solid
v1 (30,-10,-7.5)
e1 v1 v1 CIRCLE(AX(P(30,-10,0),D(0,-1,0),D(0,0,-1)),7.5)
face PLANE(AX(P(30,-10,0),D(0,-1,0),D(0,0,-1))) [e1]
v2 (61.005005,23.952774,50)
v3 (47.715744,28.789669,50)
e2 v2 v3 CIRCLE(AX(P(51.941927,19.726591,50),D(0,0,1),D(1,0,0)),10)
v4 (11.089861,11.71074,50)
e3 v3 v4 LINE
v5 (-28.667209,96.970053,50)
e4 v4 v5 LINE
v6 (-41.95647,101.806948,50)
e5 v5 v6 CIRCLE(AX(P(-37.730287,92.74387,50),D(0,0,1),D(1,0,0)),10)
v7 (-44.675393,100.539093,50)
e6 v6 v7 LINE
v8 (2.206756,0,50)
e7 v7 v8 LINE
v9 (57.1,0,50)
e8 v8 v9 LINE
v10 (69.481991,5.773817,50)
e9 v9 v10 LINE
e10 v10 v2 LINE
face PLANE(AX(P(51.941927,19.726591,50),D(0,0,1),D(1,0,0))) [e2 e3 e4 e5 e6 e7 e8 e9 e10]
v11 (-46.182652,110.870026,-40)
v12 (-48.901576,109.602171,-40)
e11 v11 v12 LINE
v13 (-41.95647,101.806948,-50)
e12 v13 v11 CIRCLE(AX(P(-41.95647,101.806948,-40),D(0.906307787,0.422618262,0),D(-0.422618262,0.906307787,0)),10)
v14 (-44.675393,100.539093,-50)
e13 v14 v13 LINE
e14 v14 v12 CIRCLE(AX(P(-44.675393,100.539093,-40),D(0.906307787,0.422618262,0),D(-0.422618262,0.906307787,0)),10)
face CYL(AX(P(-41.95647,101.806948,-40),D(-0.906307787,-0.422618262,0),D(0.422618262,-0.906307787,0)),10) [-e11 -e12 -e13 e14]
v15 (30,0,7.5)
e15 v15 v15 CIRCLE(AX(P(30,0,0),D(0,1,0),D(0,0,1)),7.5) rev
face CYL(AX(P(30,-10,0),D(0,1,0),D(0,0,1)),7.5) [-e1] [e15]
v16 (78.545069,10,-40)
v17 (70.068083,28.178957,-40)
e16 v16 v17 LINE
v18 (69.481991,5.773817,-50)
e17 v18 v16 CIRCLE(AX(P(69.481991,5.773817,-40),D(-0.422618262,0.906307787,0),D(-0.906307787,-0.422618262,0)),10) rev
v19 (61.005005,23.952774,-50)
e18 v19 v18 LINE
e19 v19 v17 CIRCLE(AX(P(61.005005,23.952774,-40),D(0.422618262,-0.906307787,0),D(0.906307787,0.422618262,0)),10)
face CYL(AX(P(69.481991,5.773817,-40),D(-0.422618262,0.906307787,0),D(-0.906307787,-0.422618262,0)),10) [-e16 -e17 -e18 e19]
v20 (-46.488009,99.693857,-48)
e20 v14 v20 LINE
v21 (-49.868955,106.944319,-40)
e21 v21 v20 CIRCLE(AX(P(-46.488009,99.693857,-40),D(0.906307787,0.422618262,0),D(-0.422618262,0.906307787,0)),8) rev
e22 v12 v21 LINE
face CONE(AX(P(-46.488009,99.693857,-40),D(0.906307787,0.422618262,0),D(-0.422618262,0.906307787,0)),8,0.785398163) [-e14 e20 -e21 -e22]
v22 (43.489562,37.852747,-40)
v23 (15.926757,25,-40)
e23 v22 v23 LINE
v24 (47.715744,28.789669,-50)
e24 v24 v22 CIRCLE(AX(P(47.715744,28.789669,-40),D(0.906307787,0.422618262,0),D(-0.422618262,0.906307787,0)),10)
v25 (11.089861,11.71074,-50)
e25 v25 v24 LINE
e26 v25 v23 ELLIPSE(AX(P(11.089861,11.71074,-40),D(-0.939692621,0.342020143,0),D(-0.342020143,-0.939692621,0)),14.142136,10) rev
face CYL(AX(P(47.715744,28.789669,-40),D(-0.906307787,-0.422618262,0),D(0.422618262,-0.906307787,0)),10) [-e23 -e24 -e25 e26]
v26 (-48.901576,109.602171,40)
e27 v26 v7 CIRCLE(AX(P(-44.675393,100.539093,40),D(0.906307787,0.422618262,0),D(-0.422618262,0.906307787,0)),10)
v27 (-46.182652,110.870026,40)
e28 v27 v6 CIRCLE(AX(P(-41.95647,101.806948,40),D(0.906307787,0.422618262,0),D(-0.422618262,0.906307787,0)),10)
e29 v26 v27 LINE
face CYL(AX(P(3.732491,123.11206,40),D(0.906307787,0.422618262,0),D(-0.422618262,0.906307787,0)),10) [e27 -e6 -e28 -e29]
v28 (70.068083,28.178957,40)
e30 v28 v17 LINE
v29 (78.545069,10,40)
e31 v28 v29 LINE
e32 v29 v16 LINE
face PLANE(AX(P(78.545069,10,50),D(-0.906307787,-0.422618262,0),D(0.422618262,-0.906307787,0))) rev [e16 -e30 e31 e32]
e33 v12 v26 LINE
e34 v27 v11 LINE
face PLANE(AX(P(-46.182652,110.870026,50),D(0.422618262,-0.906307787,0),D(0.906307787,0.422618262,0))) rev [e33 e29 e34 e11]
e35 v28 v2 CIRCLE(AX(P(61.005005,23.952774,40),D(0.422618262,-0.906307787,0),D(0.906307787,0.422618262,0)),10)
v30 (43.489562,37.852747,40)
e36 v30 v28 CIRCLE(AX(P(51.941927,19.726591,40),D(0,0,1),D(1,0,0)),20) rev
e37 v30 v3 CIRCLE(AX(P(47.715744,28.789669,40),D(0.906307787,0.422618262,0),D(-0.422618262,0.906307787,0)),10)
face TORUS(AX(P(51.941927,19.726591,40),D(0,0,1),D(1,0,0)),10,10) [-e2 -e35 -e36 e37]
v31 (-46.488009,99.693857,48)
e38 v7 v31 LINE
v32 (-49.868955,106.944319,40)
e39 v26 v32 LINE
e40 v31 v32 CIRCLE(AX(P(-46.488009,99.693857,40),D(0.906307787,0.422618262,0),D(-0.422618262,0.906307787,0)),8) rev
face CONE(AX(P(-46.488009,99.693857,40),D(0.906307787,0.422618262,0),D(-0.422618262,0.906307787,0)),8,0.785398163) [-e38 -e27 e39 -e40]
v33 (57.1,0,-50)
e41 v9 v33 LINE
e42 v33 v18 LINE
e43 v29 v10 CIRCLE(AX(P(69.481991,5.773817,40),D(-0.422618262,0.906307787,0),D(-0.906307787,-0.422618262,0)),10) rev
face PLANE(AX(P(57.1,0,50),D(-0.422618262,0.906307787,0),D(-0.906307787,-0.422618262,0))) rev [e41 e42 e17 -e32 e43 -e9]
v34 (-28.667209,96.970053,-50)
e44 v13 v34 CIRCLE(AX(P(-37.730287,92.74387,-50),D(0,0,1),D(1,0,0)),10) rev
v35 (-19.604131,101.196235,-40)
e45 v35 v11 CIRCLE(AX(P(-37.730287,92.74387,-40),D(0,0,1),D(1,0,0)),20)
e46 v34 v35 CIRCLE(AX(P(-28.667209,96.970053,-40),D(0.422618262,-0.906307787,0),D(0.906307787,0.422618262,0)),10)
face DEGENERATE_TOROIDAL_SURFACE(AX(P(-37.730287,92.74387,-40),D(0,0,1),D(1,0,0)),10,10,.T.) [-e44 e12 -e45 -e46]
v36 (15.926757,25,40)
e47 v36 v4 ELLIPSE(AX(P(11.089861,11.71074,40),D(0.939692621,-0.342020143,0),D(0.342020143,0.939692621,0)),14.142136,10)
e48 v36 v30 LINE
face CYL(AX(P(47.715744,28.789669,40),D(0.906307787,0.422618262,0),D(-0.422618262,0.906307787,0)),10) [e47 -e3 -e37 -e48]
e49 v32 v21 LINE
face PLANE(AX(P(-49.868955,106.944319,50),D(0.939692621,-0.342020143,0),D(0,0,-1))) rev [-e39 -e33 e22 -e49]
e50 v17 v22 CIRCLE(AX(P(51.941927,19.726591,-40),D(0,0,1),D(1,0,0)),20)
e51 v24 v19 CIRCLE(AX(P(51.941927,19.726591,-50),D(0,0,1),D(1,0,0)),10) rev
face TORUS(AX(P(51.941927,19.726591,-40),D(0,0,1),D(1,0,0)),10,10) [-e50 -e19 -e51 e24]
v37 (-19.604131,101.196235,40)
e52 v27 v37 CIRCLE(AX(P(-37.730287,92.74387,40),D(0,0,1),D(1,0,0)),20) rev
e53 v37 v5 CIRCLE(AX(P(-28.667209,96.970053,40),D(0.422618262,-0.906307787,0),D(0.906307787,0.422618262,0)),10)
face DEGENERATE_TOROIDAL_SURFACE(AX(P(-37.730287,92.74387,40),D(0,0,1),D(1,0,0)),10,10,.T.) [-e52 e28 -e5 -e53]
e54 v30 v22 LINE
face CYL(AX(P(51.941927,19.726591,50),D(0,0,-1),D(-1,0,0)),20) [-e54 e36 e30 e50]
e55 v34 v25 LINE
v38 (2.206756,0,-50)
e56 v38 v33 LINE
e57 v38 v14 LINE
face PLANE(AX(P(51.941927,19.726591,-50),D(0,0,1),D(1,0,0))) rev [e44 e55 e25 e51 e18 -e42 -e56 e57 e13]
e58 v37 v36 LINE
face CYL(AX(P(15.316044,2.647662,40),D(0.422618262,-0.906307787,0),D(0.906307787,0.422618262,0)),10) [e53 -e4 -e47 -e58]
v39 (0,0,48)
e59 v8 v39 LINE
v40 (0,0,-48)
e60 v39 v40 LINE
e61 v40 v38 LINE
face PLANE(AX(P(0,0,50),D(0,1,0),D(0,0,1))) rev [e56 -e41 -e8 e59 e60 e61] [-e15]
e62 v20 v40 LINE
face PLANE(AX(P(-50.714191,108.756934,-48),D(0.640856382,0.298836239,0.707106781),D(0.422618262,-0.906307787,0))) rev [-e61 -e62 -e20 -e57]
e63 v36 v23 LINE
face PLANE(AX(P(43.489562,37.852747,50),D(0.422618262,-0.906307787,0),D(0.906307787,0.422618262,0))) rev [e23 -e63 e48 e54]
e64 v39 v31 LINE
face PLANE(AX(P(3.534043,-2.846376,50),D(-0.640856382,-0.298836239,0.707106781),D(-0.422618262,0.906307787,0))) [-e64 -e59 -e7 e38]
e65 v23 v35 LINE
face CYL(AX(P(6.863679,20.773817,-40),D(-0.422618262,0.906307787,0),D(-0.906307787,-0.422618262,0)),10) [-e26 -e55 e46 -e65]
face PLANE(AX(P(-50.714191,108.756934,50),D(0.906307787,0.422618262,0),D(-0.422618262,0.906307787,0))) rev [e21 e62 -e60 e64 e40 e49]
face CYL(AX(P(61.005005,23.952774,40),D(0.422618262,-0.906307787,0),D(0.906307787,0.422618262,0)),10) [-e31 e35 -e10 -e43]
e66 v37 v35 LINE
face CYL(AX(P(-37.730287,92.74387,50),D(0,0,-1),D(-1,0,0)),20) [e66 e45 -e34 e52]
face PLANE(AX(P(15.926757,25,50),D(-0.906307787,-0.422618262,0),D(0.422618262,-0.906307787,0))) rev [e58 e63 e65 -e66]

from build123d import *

# Parameters (mm, degrees)
BOSS_EXTRUDE1_DEPTH = 50
SKETCH4_R           = 7.5
BOSS_EXTRUDE2_DEPTH = 10
FILLET1_R           = 10
CHAMFER1_SIZE       = 2


with BuildPart() as part:
    # Sketch3 → Boss-Extrude1 (new, symmetric)
    with BuildSketch(Plane.XY):
        with BuildLine():
            Line((-50.714191409, 108.756934444), (0, 0))
            Line((0, 0), (57.1, 0))
            Line((57.1, 0), (78.545069205, 10))
            Line((78.545069205, 10), (70.068082541, 28.178956567))
            ThreePointArc((70.068082541, 28.178956567), (58.782329667, 38.520443748), (43.489561565, 37.852747073))
            Line((43.489561565, 37.852747073), (15.92675652, 25))
            Line((15.92675652, 25), (-19.604131498, 101.196235247))
            ThreePointArc((-19.604131498, 101.196235247), (-30.889884372, 111.537722428), (-46.182652474, 110.870025753))
            Line((-46.182652474, 110.870025753), (-50.714191409, 108.756934444))
        make_face()
    extrude(amount=BOSS_EXTRUDE1_DEPTH, both=True)

    # Sketch4 → Boss-Extrude2 (add)
    with BuildSketch(Plane.XZ):
        with Locations(Location((30, 0, 0), (0, 0, 90))):
            Circle(SKETCH4_R)
    extrude(amount=BOSS_EXTRUDE2_DEPTH)

    # Fillet1
    fillet1_edges = [part.edges().sort_by_distance(p)[0] for p in [
        (29.708159043, 31.426373536, -50),
        (58.782329667, 38.520443748, -50),
        (74.306575873, 19.089478283, -50),
        (-48.448421941, 109.813480099, -50),
        (74.306575873, 19.089478283, 50),
        (58.782329667, 38.520443748, 50),
        (29.708159043, 31.426373536, 50),
        (-1.838687489, 63.098117624, 50),
        (-30.889884372, 111.537722428, 50),
        (-48.448421941, 109.813480099, 50),
        (-30.889884372, 111.537722428, -50),
        (-1.838687489, 63.098117624, -50),
    ]]
    fillet(fillet1_edges, radius=FILLET1_R)

    # Chamfer1
    chamfer1_edges = [part.edges().sort_by_distance(p)[0] for p in [
        (-23.244004396, 49.846928287, -50),
        (-23.244004396, 49.846928287, 50),
        (-50.714191409, 108.756934444, 0),
        (-49.476371179, 106.102420395, 47.071067812),
        (-49.476371179, 106.102420395, -47.071067812),
    ]]
    chamfer(chamfer1_edges, length=CHAMFER1_SIZE)


solid = part.part
